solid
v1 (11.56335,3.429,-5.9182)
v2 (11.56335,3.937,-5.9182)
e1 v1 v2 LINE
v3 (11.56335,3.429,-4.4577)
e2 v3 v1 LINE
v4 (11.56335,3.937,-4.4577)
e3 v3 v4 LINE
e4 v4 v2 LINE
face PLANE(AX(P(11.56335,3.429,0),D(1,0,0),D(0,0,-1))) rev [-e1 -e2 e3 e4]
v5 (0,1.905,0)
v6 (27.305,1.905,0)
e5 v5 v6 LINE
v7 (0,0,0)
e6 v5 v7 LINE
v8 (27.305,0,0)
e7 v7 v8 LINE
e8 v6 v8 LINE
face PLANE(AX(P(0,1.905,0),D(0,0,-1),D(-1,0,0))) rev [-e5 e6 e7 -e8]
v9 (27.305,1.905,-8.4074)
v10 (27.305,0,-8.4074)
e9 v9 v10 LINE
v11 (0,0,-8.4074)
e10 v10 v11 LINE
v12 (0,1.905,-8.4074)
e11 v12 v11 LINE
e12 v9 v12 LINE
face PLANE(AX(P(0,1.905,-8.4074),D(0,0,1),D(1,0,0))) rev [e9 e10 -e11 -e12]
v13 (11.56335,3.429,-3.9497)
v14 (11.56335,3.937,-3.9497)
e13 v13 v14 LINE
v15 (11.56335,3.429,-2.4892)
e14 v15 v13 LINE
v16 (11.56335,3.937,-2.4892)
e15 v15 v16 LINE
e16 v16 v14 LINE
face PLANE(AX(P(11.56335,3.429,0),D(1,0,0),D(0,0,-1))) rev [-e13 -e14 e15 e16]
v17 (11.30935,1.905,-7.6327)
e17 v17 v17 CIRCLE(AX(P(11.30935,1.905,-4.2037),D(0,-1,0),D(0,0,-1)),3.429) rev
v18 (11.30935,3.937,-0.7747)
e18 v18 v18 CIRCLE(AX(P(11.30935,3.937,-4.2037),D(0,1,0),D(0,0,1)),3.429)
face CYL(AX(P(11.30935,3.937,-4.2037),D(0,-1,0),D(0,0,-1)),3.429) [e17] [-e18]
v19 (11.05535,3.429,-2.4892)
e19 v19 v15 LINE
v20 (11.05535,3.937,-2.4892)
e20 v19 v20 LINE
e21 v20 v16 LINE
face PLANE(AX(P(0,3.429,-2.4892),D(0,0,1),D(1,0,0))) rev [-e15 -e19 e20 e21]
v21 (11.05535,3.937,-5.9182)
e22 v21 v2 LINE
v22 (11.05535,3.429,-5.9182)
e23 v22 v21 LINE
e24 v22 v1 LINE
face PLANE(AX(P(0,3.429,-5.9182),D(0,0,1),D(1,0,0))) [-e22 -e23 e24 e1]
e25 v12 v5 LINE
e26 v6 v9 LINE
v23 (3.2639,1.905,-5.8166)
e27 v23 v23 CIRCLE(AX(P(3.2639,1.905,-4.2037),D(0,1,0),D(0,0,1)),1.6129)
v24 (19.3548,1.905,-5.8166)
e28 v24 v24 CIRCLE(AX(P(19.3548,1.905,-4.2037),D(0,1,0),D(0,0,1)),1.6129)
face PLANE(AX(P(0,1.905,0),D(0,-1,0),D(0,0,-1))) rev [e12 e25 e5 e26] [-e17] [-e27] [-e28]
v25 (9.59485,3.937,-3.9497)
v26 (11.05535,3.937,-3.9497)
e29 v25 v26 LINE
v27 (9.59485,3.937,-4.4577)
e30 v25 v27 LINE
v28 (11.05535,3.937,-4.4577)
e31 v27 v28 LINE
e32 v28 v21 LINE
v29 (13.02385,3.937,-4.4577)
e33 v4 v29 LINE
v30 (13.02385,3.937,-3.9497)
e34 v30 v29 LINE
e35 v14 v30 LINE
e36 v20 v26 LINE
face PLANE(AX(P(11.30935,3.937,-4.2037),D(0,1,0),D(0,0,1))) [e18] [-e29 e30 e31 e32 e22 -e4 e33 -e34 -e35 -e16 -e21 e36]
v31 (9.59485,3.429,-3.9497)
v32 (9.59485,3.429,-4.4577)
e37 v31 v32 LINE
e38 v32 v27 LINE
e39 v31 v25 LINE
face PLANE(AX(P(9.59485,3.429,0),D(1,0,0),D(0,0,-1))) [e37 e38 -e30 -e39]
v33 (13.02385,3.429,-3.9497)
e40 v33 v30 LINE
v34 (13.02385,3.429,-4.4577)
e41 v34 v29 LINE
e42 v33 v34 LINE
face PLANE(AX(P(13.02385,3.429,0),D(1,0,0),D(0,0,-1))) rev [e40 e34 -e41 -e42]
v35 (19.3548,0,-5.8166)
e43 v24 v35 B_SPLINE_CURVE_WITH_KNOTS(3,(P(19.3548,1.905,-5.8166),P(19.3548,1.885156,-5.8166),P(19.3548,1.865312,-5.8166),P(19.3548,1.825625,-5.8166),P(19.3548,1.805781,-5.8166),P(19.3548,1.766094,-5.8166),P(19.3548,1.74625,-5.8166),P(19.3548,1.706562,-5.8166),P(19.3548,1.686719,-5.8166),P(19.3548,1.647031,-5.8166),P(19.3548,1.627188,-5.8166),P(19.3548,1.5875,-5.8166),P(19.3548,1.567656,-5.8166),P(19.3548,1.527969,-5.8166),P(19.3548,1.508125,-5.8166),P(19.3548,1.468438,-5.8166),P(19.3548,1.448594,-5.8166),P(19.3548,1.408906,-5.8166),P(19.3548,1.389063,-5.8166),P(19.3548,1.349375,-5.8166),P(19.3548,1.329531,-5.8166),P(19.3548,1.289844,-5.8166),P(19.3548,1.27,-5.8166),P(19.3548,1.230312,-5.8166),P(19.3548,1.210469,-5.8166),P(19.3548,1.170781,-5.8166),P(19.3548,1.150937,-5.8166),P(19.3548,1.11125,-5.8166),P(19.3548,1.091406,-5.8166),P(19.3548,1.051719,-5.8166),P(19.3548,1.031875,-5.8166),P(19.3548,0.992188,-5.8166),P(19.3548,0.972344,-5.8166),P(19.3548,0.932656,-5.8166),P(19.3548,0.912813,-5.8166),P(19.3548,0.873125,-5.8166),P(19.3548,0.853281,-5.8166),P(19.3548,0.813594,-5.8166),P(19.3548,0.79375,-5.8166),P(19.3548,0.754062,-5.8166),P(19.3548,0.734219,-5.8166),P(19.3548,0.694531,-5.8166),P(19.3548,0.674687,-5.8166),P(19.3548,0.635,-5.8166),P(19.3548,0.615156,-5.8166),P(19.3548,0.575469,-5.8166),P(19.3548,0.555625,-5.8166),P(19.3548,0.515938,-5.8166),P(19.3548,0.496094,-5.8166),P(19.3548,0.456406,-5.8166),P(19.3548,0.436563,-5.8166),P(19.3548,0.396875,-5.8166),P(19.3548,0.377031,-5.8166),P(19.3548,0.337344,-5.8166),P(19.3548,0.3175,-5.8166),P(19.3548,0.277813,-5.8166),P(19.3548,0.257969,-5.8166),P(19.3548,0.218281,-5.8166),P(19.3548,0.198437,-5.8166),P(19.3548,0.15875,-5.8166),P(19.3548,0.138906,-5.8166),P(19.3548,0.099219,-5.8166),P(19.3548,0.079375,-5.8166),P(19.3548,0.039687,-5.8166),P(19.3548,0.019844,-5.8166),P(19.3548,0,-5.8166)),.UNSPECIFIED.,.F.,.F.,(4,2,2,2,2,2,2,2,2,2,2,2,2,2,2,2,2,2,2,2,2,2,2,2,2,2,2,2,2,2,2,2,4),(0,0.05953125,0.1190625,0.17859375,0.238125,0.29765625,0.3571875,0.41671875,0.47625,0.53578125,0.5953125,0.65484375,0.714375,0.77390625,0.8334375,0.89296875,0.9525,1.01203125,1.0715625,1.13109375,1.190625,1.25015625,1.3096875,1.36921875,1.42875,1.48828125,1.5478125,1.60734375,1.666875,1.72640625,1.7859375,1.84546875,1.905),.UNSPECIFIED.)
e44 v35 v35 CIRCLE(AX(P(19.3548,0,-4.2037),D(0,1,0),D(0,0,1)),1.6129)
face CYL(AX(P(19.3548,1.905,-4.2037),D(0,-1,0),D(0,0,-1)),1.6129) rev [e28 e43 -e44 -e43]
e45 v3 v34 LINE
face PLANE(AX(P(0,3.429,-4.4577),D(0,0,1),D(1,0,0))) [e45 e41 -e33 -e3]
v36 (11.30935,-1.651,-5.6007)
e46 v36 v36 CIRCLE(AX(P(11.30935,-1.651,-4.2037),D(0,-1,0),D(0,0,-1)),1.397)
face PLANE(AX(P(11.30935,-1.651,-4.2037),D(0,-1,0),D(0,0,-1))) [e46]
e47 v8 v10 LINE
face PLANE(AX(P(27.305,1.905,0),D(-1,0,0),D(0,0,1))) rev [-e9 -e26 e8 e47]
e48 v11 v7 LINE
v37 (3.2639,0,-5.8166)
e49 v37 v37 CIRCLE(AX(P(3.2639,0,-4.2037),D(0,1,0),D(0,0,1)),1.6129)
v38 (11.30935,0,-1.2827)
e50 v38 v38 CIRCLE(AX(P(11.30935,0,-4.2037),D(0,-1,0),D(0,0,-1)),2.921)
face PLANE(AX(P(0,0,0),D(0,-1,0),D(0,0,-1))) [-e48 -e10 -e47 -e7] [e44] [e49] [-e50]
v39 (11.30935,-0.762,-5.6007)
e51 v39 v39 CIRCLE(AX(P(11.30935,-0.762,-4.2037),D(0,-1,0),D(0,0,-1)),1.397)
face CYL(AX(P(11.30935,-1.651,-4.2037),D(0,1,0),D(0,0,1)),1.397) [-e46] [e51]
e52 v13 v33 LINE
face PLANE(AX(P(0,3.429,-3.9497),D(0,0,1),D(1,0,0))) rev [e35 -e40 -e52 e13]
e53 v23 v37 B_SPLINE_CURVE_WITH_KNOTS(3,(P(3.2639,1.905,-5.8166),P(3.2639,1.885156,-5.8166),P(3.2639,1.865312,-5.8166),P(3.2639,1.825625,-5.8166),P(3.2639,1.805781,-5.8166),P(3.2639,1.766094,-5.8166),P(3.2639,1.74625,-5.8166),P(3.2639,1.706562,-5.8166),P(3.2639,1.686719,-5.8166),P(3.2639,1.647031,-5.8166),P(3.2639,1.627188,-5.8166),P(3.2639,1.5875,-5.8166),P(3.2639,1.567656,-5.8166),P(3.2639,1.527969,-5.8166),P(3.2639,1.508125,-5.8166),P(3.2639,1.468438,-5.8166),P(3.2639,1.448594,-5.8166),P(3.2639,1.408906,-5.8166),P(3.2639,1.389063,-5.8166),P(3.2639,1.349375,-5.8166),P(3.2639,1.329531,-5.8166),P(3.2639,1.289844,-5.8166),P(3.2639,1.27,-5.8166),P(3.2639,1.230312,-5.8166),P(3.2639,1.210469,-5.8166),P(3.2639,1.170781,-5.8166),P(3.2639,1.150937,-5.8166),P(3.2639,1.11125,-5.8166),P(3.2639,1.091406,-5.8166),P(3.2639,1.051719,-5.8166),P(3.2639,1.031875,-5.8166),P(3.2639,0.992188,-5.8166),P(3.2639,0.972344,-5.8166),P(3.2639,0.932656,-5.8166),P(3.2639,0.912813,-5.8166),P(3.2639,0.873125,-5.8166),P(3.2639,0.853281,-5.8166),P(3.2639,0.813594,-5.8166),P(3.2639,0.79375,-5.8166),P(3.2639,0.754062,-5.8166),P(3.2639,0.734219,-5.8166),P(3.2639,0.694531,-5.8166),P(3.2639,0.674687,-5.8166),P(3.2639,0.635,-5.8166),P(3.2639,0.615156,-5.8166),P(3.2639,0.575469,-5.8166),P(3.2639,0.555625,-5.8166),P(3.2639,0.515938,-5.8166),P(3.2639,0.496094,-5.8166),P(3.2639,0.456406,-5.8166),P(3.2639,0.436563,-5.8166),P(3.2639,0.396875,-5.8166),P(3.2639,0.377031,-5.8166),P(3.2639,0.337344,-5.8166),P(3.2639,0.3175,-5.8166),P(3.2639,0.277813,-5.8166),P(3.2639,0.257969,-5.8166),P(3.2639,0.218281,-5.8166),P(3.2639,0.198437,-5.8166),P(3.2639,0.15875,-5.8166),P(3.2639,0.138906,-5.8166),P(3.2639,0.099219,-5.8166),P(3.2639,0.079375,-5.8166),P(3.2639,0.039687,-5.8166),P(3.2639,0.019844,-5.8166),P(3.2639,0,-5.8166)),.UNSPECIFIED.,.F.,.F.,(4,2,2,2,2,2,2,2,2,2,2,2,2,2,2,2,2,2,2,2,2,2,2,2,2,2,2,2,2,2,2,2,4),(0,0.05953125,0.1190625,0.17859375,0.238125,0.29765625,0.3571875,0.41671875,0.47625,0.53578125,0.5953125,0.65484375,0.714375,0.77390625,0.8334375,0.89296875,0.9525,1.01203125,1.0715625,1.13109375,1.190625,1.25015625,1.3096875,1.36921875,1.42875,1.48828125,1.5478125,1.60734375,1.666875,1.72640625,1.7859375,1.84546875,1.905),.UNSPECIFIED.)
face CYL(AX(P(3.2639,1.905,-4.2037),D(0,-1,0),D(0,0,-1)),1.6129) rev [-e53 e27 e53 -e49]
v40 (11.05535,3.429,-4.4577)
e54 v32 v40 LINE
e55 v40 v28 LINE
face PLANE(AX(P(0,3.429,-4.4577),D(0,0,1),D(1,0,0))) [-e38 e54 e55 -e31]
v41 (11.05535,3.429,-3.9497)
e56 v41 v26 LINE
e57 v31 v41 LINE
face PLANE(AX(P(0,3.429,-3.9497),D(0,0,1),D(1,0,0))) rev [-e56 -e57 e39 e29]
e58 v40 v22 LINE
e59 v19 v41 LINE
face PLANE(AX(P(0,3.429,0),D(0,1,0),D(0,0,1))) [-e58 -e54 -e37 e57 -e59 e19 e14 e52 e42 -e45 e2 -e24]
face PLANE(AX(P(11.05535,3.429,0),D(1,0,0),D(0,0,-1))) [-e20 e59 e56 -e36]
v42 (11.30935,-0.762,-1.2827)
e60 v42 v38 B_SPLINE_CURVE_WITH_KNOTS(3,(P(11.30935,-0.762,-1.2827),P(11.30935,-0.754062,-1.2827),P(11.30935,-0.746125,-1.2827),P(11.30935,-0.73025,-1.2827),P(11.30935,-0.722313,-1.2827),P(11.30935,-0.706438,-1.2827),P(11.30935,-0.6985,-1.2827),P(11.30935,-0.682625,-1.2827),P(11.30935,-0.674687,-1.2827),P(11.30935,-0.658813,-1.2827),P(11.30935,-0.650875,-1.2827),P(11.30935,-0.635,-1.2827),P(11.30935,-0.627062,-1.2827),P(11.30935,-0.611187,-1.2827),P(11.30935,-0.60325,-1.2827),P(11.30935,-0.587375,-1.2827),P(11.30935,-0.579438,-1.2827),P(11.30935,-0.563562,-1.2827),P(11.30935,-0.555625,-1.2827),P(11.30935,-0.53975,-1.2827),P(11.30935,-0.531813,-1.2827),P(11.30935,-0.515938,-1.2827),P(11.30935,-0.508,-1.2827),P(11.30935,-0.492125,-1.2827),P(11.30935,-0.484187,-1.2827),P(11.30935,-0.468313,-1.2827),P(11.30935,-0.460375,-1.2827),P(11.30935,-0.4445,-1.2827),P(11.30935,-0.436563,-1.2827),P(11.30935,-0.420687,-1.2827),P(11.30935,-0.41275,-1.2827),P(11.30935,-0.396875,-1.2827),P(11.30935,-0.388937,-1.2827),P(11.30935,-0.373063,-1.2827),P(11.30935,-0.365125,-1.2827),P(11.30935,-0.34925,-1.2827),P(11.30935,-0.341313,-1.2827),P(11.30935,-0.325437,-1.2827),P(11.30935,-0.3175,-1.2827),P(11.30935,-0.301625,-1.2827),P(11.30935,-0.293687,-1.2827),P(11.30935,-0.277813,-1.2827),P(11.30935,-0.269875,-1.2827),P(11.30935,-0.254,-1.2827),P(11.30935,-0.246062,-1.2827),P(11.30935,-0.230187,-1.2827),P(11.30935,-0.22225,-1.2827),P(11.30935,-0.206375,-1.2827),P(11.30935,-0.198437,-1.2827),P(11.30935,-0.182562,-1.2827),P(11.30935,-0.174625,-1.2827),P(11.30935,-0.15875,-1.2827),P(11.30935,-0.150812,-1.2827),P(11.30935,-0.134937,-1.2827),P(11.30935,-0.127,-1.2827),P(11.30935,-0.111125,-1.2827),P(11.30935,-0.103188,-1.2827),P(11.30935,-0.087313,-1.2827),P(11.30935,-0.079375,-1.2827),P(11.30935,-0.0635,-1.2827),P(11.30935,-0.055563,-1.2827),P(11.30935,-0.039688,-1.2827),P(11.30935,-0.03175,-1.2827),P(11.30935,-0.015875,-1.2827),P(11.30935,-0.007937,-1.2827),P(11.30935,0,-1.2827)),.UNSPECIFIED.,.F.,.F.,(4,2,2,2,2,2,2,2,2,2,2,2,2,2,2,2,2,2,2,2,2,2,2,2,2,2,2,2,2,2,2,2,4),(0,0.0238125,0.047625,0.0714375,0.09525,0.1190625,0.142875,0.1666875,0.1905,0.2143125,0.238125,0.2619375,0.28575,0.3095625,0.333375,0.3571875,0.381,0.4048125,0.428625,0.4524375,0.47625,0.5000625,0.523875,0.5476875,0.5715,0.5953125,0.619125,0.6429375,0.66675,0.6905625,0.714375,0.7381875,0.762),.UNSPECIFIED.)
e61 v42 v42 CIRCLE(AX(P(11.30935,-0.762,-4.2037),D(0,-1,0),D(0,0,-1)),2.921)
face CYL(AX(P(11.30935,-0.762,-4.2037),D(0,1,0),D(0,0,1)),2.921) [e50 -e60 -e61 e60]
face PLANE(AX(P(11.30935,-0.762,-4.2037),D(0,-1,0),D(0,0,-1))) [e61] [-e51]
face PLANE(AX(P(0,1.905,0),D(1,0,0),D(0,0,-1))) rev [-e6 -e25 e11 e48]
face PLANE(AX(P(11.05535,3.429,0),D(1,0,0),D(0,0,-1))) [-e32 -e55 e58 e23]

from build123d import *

# Parameters (mm, degrees)
SKETCH1_W                    = 27.305
SKETCH1_H                    = 8.4074
SKETCH1_R                    = 1.6129
BASE_PCB_DEPTH               = 1.905
SKETCH2_R                    = 3.429
SCREW_HEAD_UNSCREWED_DEPTH   = 2.032
SKETCH3_R                    = 2.921
THREADED_HOLE_BOSS_DEPTH     = 0.762
SKETCH4_R                    = 1.397
SCREW_STICKOUT_SCREWED_DEPTH = 0.889
SKETCH5_W                    = 0.508
SKETCH5_H                    = 1.4605
SKETCH5_W_2                  = 1.4605
SKETCH5_H_2                  = 0.508
F_2S_LIPO_MOUNTING_DEPTH     = 0.508


with BuildPart() as part:
    # Sketch1 → Base PCB (new body)
    with BuildSketch(Plane(origin=(0, 0, 0), x_dir=(1, 0, 0), z_dir=(0, 1, 0))):
        with Locations((13.6525, 4.2037)):
            Rectangle(SKETCH1_W, SKETCH1_H)
        with Locations(Location((3.2639, 4.2037, 0), (0, 0, 90))):
            Circle(SKETCH1_R, mode=Mode.SUBTRACT)
        with Locations(Location((19.3548, 4.2037, 0), (0, 0, 90))):
            Circle(SKETCH1_R, mode=Mode.SUBTRACT)
    extrude(amount=BASE_PCB_DEPTH)

    # Sketch2 → Screw Head (Unscrewed) (add)
    with BuildSketch(Plane(origin=(0, 1.905, 0), x_dir=(1, 0, 0), z_dir=(0, 1, 0))):
        with Locations(Location((11.30935, 4.2037, 0), (0, 0, 90))):
            Circle(SKETCH2_R)
    extrude(amount=SCREW_HEAD_UNSCREWED_DEPTH)

    # Sketch3 → Threaded Hole Boss (add)
    with BuildSketch(Plane.XZ):
        with Locations(Location((11.30935, -4.2037, 0), (0, 0, 90))):
            Circle(SKETCH3_R)
    extrude(amount=THREADED_HOLE_BOSS_DEPTH)

    # Sketch4 → Screw Stickout (Screwed) (add)
    with BuildSketch(Plane.XZ.offset(0.762)):
        with Locations(Location((11.30935, -4.2037, 0), (0, 0, 270))):
            Circle(SKETCH4_R)
    extrude(amount=SCREW_STICKOUT_SCREWED_DEPTH)

    # Sketch5 → 2s LiPo Mounting (cut)
    with BuildSketch(Plane(origin=(0, 3.937, 0), x_dir=(1, 0, 0), z_dir=(0, 1, 0))):
        with Locations((11.30935, 5.18795)):
            Rectangle(SKETCH5_W, SKETCH5_H)
        with Locations((10.3251, 4.2037)):
            Rectangle(SKETCH5_W_2, SKETCH5_H_2)
        with Locations((11.30935, 4.2037)):
            Rectangle(SKETCH5_W, SKETCH5_H_2)
        with Locations((11.30935, 3.21945)):
            Rectangle(SKETCH5_W, SKETCH5_H)
        with Locations((12.2936, 4.2037)):
            Rectangle(SKETCH5_W_2, SKETCH5_H_2)
    extrude(amount=-F_2S_LIPO_MOUNTING_DEPTH, mode=Mode.SUBTRACT)


solid = part.part
